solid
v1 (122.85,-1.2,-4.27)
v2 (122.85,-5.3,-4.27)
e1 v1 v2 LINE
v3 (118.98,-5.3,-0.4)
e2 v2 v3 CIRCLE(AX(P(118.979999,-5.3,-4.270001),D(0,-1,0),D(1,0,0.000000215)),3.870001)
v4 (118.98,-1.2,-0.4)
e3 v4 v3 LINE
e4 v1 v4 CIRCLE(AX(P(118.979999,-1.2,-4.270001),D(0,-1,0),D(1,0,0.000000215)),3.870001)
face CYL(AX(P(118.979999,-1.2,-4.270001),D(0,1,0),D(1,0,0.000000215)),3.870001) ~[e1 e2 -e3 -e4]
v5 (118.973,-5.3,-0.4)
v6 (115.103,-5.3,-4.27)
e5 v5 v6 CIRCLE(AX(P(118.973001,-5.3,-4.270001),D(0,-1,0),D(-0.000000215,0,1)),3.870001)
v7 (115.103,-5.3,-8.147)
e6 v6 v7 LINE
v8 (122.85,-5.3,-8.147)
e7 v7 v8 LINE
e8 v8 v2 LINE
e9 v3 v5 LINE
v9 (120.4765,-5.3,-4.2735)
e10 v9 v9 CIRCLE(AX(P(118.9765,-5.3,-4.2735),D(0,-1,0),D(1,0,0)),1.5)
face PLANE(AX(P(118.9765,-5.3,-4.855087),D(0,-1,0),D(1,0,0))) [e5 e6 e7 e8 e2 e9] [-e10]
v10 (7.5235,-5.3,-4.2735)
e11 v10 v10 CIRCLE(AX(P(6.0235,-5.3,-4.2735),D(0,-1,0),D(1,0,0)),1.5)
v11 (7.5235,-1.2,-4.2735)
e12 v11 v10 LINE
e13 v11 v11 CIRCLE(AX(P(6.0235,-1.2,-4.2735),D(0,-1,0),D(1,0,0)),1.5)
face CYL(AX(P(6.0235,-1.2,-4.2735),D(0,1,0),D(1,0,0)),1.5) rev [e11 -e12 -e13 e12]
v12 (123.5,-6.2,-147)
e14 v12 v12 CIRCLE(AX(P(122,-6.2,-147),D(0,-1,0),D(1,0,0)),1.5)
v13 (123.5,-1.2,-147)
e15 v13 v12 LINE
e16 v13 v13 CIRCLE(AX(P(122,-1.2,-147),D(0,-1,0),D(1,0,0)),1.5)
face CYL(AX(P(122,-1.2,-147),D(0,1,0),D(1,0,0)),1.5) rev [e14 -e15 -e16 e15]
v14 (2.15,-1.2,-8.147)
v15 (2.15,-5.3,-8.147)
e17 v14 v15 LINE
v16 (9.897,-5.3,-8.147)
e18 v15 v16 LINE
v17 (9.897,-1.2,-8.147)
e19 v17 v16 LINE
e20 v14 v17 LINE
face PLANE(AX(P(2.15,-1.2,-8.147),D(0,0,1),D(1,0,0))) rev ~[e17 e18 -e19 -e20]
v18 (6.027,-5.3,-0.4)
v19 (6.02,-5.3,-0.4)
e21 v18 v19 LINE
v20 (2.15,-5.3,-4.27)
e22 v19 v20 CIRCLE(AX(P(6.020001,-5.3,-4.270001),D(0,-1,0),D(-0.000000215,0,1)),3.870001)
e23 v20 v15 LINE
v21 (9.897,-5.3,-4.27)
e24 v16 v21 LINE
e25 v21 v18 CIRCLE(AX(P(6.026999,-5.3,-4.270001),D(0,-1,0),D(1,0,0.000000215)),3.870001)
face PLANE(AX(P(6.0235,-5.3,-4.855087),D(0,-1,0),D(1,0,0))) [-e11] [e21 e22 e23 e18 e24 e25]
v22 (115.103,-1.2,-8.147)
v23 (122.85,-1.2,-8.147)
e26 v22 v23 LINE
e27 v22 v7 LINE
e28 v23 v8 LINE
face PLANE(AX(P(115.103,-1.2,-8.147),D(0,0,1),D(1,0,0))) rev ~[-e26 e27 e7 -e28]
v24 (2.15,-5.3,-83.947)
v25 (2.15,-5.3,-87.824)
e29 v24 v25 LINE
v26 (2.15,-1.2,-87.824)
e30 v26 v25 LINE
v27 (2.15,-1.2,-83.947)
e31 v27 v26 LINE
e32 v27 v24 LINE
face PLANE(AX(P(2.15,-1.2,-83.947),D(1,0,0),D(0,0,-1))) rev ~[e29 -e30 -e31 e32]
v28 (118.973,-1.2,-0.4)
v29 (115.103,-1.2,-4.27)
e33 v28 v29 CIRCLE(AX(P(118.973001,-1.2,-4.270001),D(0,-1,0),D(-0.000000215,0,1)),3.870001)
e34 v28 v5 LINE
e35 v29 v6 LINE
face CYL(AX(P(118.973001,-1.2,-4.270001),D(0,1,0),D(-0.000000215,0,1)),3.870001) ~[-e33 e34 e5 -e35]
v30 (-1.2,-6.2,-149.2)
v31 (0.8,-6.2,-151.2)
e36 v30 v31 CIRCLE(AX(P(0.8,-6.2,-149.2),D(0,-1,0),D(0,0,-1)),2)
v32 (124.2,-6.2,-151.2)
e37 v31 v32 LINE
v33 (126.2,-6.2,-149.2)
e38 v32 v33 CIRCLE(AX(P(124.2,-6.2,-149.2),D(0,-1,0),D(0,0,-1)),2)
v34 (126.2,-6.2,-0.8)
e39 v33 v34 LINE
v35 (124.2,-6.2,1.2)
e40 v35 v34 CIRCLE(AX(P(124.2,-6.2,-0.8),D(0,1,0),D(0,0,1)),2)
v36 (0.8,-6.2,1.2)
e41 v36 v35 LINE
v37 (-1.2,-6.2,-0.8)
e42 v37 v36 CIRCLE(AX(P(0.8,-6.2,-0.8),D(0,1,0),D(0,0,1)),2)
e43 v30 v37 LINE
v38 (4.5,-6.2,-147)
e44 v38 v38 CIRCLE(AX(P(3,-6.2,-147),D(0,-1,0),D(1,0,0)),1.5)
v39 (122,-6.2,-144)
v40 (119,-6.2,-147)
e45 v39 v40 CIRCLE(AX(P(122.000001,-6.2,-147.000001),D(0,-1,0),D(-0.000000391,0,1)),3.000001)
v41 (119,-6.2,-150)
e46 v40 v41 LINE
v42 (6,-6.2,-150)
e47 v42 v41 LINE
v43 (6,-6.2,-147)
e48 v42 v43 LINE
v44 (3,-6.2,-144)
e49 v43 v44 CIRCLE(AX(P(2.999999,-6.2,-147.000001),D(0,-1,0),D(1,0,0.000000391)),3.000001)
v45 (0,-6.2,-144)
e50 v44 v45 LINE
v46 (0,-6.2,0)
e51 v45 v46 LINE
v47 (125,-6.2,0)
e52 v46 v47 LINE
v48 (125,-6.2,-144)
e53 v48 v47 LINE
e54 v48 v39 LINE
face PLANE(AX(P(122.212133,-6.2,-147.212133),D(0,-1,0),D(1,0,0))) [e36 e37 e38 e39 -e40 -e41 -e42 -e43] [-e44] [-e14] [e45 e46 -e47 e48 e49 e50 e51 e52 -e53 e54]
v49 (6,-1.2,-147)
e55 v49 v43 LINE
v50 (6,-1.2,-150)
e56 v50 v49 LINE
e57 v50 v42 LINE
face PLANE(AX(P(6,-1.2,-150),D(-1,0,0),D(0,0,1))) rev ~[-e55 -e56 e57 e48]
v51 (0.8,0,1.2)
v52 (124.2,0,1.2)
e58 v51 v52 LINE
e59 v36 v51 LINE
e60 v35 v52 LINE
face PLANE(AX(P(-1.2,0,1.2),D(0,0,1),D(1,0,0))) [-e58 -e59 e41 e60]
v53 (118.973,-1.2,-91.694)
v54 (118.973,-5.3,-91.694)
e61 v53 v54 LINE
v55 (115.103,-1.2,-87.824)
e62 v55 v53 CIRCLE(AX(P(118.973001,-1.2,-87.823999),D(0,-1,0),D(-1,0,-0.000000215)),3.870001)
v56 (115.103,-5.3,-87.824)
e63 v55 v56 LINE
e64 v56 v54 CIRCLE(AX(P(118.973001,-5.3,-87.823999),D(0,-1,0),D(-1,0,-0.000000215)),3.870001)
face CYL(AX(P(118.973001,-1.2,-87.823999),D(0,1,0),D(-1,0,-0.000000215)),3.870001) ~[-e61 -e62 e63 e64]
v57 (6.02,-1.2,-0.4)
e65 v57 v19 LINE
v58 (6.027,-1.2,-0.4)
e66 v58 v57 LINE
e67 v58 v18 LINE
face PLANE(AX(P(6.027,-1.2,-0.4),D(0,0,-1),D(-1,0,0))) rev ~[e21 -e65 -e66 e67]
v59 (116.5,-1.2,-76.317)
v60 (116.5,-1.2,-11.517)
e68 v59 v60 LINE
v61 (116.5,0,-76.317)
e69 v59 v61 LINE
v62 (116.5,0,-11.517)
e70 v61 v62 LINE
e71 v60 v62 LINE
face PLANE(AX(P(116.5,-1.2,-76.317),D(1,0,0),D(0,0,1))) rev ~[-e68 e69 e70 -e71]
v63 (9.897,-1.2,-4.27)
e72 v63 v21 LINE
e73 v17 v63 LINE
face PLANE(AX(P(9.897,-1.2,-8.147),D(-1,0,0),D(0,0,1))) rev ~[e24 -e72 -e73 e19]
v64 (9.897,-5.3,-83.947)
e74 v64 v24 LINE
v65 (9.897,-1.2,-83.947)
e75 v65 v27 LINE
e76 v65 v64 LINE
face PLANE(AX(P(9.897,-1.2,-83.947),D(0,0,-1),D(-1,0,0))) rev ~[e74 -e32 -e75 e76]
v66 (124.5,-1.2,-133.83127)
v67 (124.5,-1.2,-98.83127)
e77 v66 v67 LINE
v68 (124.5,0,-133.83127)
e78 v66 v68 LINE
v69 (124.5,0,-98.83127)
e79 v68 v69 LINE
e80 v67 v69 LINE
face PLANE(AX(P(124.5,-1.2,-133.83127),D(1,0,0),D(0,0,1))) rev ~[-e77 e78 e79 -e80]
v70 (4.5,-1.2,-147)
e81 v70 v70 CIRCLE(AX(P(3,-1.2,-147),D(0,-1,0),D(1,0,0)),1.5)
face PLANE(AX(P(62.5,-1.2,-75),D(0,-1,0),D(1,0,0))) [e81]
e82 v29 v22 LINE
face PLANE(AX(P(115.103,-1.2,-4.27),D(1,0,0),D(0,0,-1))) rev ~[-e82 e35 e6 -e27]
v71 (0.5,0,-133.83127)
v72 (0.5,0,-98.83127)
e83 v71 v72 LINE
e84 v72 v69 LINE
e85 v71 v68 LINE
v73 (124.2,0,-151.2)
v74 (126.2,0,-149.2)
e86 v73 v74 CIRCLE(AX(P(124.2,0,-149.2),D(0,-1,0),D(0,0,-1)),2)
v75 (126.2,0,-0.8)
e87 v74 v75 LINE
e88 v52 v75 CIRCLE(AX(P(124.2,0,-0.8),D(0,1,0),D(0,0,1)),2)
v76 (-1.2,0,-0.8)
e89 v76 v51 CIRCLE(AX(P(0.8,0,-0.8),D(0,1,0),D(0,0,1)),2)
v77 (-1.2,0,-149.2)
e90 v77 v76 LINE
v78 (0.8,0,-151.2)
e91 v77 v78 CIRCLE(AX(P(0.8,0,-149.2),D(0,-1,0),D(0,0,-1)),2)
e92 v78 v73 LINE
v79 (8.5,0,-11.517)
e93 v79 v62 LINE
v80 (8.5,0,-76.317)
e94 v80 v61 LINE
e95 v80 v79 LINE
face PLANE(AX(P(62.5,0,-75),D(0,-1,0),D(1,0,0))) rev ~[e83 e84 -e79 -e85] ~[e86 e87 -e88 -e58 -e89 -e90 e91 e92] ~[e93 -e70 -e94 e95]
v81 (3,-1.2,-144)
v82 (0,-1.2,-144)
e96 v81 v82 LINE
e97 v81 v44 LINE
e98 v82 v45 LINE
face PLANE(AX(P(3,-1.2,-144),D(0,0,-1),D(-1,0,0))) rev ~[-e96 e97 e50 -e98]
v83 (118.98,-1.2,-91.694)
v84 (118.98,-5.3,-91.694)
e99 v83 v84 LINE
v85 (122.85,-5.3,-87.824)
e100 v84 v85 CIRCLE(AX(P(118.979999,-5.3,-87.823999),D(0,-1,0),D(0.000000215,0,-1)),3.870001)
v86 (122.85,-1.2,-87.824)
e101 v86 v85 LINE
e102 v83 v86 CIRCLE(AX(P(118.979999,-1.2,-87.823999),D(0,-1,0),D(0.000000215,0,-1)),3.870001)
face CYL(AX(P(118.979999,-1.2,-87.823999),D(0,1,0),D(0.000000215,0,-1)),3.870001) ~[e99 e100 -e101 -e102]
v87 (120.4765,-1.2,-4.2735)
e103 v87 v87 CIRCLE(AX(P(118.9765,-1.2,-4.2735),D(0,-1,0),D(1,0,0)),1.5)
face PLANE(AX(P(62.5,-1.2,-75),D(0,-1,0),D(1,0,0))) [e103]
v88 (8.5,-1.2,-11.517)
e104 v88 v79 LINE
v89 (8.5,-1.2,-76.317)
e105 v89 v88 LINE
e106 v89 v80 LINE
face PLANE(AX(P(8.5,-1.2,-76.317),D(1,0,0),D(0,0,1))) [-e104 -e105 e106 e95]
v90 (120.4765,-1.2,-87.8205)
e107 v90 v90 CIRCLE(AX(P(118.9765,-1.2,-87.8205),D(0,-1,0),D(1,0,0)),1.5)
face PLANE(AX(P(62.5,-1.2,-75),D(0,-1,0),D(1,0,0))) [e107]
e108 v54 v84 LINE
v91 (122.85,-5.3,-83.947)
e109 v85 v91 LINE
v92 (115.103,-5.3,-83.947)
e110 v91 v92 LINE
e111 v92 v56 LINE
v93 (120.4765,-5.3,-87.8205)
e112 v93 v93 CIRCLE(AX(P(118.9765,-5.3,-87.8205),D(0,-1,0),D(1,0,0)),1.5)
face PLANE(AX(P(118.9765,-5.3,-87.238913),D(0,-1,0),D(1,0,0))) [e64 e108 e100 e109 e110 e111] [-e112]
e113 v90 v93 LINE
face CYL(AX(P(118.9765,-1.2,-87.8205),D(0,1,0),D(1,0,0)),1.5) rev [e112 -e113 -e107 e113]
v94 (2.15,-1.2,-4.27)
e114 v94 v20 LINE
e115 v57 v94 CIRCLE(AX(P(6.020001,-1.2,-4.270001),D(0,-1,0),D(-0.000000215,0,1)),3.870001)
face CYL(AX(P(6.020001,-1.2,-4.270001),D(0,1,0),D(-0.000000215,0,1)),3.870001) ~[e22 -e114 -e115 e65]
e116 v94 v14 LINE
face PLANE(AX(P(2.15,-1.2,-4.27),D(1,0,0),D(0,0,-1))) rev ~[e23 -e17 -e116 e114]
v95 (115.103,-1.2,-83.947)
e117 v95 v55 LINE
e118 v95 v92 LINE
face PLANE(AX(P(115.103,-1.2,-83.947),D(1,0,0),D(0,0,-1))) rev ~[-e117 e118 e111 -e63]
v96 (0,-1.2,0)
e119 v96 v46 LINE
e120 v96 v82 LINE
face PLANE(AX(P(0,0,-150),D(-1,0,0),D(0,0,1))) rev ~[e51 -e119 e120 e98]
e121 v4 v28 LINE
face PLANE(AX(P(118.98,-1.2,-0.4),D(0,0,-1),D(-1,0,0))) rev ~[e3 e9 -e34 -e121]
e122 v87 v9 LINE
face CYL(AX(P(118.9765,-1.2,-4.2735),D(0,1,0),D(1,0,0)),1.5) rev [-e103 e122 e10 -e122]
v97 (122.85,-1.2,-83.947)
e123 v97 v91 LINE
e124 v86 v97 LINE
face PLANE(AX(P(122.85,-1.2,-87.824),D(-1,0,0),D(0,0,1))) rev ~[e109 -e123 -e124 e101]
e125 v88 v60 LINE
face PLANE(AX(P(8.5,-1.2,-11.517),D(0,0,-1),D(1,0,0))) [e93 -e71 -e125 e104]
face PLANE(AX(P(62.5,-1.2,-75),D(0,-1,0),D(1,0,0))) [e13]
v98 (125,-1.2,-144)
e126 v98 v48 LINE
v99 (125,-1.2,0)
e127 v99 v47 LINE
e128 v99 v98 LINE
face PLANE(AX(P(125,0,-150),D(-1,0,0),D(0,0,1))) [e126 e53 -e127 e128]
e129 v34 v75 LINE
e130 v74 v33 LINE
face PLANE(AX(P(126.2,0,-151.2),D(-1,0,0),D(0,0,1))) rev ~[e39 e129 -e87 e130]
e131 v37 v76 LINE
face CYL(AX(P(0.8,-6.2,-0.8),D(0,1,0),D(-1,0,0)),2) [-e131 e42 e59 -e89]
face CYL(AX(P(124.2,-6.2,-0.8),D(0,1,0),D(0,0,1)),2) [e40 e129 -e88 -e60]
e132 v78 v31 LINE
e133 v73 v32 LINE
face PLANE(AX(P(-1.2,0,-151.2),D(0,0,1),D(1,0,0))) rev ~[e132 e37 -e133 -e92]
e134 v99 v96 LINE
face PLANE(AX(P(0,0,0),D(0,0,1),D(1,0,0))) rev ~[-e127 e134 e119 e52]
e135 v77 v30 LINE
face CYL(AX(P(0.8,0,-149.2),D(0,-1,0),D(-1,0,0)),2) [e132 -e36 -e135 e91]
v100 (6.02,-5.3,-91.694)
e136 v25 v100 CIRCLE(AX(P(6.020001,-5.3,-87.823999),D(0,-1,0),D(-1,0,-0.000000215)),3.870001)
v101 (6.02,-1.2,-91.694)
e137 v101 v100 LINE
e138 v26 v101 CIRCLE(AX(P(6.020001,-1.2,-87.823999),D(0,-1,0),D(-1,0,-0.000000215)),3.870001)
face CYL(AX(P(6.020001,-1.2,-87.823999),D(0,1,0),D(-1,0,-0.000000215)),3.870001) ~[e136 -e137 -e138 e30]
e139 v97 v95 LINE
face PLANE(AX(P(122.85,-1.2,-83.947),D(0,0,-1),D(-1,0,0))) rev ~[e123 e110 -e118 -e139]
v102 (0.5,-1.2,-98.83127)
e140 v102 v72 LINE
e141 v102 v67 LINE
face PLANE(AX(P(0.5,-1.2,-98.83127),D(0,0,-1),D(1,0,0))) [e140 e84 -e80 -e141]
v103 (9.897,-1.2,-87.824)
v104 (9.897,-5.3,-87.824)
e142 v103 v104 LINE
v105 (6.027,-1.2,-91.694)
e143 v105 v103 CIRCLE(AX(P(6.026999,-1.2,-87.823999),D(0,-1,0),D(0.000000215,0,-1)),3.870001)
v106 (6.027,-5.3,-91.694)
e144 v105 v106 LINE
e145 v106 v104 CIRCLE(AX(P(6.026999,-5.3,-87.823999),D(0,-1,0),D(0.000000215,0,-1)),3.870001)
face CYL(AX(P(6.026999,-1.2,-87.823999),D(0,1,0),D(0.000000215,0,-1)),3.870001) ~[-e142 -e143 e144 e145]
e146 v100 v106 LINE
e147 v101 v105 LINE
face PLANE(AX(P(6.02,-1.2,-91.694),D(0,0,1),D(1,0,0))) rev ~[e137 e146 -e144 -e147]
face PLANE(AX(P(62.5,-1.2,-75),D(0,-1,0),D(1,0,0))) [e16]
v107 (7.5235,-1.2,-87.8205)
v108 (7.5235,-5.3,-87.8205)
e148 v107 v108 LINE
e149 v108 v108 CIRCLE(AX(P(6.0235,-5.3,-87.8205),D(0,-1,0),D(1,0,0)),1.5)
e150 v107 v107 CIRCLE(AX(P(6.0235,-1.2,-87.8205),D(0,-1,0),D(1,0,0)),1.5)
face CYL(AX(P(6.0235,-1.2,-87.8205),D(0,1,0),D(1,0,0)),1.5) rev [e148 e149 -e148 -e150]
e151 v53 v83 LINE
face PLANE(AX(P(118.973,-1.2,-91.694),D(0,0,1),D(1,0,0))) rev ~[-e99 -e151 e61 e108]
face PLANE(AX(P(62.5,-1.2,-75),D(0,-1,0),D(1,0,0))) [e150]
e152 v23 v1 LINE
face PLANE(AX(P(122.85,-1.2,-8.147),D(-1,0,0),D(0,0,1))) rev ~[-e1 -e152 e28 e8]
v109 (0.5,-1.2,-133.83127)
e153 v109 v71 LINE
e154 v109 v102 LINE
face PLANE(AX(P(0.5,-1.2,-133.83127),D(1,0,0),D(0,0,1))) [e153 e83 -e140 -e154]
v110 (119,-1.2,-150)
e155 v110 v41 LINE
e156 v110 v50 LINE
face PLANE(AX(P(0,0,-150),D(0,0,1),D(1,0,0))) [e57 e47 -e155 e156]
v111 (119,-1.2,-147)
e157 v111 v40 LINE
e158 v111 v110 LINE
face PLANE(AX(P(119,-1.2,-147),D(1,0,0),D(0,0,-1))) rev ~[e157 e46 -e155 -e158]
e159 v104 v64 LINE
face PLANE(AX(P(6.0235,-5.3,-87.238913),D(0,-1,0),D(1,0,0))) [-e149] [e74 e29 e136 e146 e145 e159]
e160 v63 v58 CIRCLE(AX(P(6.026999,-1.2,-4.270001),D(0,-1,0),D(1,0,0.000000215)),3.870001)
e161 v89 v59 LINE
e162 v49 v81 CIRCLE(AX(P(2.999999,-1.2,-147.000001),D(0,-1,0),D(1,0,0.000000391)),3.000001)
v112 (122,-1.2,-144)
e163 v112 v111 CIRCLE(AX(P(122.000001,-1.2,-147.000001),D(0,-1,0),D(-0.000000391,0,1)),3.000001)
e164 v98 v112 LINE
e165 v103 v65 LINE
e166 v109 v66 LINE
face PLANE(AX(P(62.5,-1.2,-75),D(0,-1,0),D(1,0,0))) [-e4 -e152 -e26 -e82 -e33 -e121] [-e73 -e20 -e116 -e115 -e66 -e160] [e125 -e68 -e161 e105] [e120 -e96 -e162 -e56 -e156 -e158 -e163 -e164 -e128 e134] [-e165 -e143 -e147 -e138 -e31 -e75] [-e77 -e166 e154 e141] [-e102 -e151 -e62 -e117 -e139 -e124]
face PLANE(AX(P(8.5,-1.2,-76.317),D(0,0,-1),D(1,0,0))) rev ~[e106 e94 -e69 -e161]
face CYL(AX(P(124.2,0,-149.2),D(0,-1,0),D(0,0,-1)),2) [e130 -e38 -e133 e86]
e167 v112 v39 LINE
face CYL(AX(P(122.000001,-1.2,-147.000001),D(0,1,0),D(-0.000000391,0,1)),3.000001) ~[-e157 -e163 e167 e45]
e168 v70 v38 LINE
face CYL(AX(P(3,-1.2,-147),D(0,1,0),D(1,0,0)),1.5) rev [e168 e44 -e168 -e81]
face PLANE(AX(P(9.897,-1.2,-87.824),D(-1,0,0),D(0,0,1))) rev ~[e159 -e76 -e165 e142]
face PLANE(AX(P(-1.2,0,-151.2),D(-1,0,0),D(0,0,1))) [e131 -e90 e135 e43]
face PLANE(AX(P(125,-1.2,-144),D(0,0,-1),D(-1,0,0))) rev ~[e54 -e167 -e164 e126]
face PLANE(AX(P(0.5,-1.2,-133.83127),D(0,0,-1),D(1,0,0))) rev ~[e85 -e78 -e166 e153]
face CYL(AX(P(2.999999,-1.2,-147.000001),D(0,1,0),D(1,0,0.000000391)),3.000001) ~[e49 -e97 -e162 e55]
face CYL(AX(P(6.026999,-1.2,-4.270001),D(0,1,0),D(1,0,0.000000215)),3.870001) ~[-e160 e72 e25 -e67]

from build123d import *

# Parameters (mm, degrees)
F0_W     = 127.4
F0_H     = 152.4
F0_W_2   = 125
F0_H_2   = 150
F1_DEPTH = 1.2
F2_DEPTH = 6.2
F3_W     = 108
F3_H     = 64.8
F4_DEPTH = 1.2
F3_R     = 1.5
F5_DEPTH = 4.1
F6_R     = 2
F3_W_2   = 124
F3_H_2   = 35
F7_DEPTH = 1.2
F8_DEPTH = 5


with BuildPart() as f1:
    # F0 (on Front) → F1 (new body)
    with BuildSketch(Plane.XZ):
        with Locations((62.5, -75)):
            Rectangle(F0_W, F0_H)
        with Locations((62.5, -75)):
            Rectangle(F0_W_2, F0_H_2, mode=Mode.SUBTRACT)
        with Locations((62.5, -75)):
            Rectangle(F0_W_2, F0_H_2)
    extrude(amount=F1_DEPTH)

    # F0 (on Front) → F2 (join)
    with BuildSketch(Plane.XZ):
        with Locations((62.5, -75)):
            Rectangle(F0_W, F0_H)
        with Locations((62.5, -75)):
            Rectangle(F0_W_2, F0_H_2, mode=Mode.SUBTRACT)
    extrude(amount=F2_DEPTH)

    # F3 (on face) → F4 (cut)
    with BuildSketch(Plane.XZ.offset(1.2)):
        with Locations((62.5, -43.917)):
            Rectangle(F3_W, F3_H)
    extrude(amount=-F4_DEPTH, mode=Mode.SUBTRACT)

    # F3 (on face) → F5 (join)
    with BuildSketch(Plane.XZ.offset(1.2)):
        with BuildLine():
            Line((2.15, -4.27), (2.15, -8.147))
            Line((2.15, -8.147), (9.897, -8.147))
            Line((9.897, -8.147), (9.897, -4.27))
            ThreePointArc((9.897, -4.27), (8.763503, -1.533497), (6.027, -0.4))
            Line((6.027, -0.4), (6.02, -0.4))
            ThreePointArc((6.02, -0.4), (3.283497, -1.533497), (2.15, -4.27))
        make_face()
        with Locations((6.0235, -4.2735)):
            Circle(F3_R, mode=Mode.SUBTRACT)
        with BuildLine():
            Line((115.103, -4.27), (115.103, -8.147))
            Line((115.103, -8.147), (122.85, -8.147))
            Line((122.85, -8.147), (122.85, -4.27))
            ThreePointArc((122.85, -4.27), (121.716503, -1.533497), (118.98, -0.4))
            Line((118.98, -0.4), (118.973, -0.4))
            ThreePointArc((118.973, -0.4), (116.236497, -1.533497), (115.103, -4.27))
        make_face()
        with Locations((118.9765, -4.2735)):
            Circle(F3_R, mode=Mode.SUBTRACT)
        with BuildLine():
            Line((122.85, -83.947), (115.103, -83.947))
            Line((115.103, -83.947), (115.103, -87.824))
            ThreePointArc((115.103, -87.824), (116.236497, -90.560503), (118.973, -91.694))
            Line((118.973, -91.694), (118.98, -91.694))
            ThreePointArc((118.98, -91.694), (121.716503, -90.560503), (122.85, -87.824))
            Line((122.85, -87.824), (122.85, -83.947))
        make_face()
        with Locations((118.9765, -87.8205)):
            Circle(F3_R, mode=Mode.SUBTRACT)
        with BuildLine():
            Line((9.897, -83.947), (2.15, -83.947))
            Line((2.15, -83.947), (2.15, -87.824))
            ThreePointArc((2.15, -87.824), (3.283497, -90.560503), (6.02, -91.694))
            Line((6.02, -91.694), (6.027, -91.694))
            ThreePointArc((6.027, -91.694), (8.763503, -90.560503), (9.897, -87.824))
            Line((9.897, -87.824), (9.897, -83.947))
        make_face()
        with Locations((6.0235, -87.8205)):
            Circle(F3_R, mode=Mode.SUBTRACT)
    extrude(amount=F5_DEPTH)

    # F6
    f6_edges = [f1.edges().sort_by_distance(p)[0] for p in [
        (126.2, -3.1, -151.2),
        (126.2, -3.1, 1.2),
        (-1.2, -3.1, 1.2),
        (-1.2, -3.1, -151.2),
    ]]
    fillet(f6_edges, radius=F6_R)

    # F3 (on face) → F7 (cut)
    with BuildSketch(Plane.XZ.offset(1.2)):
        with Locations((62.5, -116.33127)):
            Rectangle(F3_W_2, F3_H_2)
    extrude(amount=-F7_DEPTH, mode=Mode.SUBTRACT)

    # F3 (on face) → F8 (join)
    with BuildSketch(Plane.XZ.offset(1.2)):
        with BuildLine():
            Line((125, -150), (125, -144))
            Line((125, -144), (122, -144))
            ThreePointArc((122, -144), (119.87868, -144.87868), (119, -147))
            Line((119, -147), (119, -150))
            Line((119, -150), (125, -150))
        make_face()
        with Locations((122, -147)):
            Circle(F3_R, mode=Mode.SUBTRACT)
        with BuildLine():
            Line((0, -144), (0, -150))
            Line((0, -150), (6, -150))
            Line((6, -150), (6, -147))
            ThreePointArc((6, -147), (5.12132, -144.87868), (3, -144))
            Line((3, -144), (0, -144))
        make_face()
        with Locations((3, -147)):
            Circle(F3_R, mode=Mode.SUBTRACT)
    extrude(amount=F8_DEPTH)


solid = f1.part
